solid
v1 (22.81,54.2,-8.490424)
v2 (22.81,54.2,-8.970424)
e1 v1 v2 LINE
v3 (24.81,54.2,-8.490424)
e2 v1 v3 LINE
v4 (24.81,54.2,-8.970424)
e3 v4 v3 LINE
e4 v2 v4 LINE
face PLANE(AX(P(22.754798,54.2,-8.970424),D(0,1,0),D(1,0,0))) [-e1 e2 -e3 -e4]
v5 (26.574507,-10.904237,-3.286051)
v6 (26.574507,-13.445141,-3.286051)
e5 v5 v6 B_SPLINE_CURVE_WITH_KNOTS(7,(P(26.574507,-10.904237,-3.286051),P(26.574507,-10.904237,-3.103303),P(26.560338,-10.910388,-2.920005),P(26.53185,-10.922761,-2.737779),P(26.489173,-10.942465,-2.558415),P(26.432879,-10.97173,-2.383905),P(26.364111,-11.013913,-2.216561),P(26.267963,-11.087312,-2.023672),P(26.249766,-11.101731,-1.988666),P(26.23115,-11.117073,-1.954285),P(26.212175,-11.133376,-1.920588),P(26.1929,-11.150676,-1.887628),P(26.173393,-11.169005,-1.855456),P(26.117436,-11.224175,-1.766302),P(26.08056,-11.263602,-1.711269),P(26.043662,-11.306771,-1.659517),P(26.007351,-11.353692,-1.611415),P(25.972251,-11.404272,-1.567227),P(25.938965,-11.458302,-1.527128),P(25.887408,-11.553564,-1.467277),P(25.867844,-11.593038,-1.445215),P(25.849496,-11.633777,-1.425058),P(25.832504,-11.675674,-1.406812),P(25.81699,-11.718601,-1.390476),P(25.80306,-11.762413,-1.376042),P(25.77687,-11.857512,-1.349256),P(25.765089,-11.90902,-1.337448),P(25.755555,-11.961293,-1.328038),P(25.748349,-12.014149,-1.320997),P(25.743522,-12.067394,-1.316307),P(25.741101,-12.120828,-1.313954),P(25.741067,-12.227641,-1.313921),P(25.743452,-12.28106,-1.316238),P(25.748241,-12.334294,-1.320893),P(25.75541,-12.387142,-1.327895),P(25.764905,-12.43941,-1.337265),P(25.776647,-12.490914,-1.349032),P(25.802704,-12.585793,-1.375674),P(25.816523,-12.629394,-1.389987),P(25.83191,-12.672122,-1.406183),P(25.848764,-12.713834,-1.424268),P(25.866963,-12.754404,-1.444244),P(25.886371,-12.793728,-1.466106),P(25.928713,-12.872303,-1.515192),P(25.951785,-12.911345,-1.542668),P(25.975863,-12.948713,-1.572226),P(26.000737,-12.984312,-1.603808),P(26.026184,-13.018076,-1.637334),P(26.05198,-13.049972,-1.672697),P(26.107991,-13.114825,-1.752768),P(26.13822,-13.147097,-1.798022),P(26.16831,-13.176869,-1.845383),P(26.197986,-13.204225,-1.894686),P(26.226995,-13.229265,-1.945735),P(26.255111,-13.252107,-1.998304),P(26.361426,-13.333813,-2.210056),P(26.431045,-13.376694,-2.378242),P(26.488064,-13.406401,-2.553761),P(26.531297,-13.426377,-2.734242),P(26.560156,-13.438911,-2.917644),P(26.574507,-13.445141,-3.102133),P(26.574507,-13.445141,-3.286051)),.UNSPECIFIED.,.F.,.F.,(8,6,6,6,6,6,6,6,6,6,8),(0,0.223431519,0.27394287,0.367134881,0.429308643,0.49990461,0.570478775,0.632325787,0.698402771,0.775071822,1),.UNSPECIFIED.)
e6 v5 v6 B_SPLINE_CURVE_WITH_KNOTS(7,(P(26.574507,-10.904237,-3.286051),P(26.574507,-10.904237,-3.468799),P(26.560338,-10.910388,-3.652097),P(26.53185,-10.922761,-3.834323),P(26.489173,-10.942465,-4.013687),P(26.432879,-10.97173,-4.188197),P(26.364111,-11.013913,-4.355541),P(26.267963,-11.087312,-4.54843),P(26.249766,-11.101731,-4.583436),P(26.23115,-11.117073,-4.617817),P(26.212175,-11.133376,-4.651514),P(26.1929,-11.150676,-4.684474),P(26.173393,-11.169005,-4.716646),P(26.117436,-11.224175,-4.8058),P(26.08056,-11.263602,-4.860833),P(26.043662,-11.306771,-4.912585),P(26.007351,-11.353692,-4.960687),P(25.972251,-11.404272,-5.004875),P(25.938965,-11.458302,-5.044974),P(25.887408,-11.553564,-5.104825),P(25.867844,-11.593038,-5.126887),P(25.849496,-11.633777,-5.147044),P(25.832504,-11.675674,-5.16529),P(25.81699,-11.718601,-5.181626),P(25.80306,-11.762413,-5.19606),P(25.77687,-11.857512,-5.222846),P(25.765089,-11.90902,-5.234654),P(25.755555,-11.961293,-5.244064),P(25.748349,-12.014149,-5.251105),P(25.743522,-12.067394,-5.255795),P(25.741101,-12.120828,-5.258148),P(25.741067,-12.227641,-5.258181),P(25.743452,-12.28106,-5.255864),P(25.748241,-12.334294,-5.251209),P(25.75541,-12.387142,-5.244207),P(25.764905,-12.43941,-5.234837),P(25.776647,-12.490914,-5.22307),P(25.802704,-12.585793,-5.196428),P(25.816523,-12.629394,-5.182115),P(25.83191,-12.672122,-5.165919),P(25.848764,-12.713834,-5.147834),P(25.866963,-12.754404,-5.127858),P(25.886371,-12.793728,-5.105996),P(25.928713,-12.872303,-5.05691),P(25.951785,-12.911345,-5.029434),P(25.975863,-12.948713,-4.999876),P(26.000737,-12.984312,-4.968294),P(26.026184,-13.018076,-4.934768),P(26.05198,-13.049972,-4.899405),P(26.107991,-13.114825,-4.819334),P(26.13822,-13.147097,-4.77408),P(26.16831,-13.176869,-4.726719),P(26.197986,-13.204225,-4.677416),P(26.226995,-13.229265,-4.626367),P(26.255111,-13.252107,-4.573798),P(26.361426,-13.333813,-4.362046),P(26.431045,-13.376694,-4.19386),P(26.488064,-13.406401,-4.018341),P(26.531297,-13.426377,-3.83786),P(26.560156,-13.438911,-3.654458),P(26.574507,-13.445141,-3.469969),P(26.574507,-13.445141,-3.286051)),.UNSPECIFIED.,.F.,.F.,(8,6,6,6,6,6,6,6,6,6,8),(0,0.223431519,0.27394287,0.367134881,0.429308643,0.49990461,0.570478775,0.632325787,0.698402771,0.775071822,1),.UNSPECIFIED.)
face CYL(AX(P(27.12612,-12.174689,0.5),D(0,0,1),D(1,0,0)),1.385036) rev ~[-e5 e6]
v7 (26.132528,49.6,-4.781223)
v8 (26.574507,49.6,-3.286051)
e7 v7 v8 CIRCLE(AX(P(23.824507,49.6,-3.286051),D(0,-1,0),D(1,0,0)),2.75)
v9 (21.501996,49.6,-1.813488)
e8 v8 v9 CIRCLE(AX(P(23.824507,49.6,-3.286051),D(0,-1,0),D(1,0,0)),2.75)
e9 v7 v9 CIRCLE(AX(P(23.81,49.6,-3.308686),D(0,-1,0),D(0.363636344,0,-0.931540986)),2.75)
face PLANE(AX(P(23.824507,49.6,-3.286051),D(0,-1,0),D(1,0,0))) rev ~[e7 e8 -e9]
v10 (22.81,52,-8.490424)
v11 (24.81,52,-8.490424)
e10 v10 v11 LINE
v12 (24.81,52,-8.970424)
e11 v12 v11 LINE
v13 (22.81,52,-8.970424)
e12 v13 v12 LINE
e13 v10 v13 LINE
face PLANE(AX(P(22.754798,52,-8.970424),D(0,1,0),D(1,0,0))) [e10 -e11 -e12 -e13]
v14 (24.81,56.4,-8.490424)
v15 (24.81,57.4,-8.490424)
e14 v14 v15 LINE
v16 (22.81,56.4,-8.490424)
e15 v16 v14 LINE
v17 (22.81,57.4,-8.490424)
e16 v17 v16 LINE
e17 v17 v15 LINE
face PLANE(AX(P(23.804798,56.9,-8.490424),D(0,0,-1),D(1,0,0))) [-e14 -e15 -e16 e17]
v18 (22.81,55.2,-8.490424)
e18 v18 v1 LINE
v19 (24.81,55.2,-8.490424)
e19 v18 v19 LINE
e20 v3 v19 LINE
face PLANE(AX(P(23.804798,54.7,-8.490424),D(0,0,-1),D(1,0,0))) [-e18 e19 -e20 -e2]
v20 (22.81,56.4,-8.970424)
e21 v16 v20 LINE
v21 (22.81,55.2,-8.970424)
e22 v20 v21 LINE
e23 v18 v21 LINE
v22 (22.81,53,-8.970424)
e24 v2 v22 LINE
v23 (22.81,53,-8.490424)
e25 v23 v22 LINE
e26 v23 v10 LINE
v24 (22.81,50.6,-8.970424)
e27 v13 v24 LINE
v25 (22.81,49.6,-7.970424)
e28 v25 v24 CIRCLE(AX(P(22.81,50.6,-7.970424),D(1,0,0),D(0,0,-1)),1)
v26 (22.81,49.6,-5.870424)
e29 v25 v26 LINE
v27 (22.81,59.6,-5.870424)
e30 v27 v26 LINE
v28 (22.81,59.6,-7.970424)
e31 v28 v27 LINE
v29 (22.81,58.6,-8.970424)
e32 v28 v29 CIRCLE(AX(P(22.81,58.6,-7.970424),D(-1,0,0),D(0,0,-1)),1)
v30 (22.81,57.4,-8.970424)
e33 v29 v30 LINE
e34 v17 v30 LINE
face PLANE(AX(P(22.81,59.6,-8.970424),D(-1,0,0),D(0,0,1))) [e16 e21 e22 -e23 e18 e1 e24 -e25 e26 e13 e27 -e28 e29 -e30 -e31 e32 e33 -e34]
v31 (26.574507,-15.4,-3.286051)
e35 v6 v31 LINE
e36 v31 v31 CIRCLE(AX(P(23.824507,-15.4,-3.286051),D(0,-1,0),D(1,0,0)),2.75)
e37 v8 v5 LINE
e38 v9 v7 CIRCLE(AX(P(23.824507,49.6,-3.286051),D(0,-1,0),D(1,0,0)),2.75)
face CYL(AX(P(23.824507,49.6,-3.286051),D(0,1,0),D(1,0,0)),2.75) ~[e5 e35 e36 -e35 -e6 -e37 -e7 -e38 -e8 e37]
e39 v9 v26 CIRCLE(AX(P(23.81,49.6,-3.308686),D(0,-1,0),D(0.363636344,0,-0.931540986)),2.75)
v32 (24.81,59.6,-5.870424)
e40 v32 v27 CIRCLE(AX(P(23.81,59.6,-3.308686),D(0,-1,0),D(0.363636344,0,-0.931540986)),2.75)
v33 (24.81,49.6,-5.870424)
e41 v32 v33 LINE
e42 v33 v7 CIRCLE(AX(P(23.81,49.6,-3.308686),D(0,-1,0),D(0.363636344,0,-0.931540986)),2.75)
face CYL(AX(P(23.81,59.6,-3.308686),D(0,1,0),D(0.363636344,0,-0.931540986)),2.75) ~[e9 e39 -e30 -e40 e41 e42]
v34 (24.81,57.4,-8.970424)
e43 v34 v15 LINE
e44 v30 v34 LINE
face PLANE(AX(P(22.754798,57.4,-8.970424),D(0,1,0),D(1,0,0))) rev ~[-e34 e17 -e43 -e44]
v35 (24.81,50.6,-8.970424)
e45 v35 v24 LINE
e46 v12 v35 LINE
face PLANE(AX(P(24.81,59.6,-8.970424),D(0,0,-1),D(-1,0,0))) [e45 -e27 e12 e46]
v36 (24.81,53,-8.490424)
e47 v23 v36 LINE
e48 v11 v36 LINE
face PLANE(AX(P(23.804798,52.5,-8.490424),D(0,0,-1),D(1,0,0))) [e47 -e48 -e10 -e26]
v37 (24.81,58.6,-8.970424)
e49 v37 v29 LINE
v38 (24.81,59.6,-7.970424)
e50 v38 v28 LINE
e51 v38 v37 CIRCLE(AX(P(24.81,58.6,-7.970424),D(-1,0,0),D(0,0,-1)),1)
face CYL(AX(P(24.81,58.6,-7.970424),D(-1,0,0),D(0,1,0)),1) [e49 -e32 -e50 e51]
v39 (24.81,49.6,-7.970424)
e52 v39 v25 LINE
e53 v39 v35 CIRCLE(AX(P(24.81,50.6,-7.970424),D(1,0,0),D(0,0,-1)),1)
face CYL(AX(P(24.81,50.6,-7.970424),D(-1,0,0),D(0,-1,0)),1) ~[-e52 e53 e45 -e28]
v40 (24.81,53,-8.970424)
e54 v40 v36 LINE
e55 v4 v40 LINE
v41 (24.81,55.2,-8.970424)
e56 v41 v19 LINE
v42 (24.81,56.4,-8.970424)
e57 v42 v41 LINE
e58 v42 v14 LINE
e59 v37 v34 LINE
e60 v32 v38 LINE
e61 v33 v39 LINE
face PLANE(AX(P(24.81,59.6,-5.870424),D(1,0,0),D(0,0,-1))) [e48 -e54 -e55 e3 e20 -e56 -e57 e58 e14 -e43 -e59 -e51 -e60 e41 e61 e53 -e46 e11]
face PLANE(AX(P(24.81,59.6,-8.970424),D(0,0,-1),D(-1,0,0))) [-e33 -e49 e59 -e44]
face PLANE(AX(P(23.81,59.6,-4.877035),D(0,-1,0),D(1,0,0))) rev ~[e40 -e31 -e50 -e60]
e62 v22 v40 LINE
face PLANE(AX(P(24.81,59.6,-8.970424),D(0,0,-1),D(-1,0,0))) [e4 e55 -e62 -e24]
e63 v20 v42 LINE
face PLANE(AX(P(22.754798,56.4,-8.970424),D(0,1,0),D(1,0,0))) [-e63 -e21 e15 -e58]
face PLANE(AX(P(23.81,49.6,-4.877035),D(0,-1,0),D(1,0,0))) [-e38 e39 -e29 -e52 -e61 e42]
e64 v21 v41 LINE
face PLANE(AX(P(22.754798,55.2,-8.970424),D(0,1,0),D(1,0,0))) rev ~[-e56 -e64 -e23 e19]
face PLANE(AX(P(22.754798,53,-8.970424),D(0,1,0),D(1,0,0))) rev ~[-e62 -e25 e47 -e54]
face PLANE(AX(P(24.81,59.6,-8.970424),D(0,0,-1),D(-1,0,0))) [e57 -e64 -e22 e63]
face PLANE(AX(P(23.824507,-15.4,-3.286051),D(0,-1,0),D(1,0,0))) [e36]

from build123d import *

# Parameters (mm, degrees)
PAD003_DEPTH    = 10
SKETCH021_R     = 2.75
PAD009_DEPTH    = 65
SKETCH022_R     = 1.385036
POCKET011_DEPTH = 9
SKETCH043_W     = 2.1
SKETCH043_H     = 1
POCKET021_DEPTH = 0.48
FILLET007_R     = 1


with BuildPart() as part:
    # Sketch007 → Pad003 (new body)
    with BuildSketch(Plane(origin=(-20, 60, -6), x_dir=(1, 0, 0), z_dir=(0, -1, 0))):
        with BuildLine():
            ThreePointArc((44.81, 1.629576), (43.81, 6.941314), (42.81, 1.629576))
            Line((42.81, -1.470424), (42.81, 1.629576))
            Line((44.81, -1.470424), (42.81, -1.470424))
            Line((44.81, 1.629576), (44.81, -1.470424))
        make_face()
    extrude(amount=PAD003_DEPTH)

    # Sketch021 (on Face6 of Pad003) → Pad009 (join)
    with BuildSketch(Plane.XZ.offset(-50)):
        with Locations((23.824507, -1.786051)):
            Circle(SKETCH021_R)
    extrude(amount=PAD009_DEPTH)

    # Sketch022 → Pocket011 (cut)
    with BuildSketch(Plane.XY.offset(2)):
        with Locations((27.12612, -11.774689)):
            Circle(SKETCH022_R)
    extrude(amount=-POCKET011_DEPTH, mode=Mode.SUBTRACT)

    # Sketch043 (on Face7 of Pocket011) → Pocket021 (cut)
    with BuildSketch(Plane(origin=(0, 0, -7.470424), x_dir=(1, 0, 0), z_dir=(0, 0, -1))):
        with Locations((23.804798, -57.3)):
            Rectangle(SKETCH043_W, SKETCH043_H)
        with Locations((23.804798, -52.9)):
            Rectangle(SKETCH043_W, SKETCH043_H)
        with Locations((23.804798, -55.1)):
            Rectangle(SKETCH043_W, SKETCH043_H)
    extrude(amount=-POCKET021_DEPTH, mode=Mode.SUBTRACT)

    # Fillet007
    fillet007_edges = [part.edges().sort_by_distance(p)[0] for p in [
        (23.81, 50, -7.470424),
        (23.81, 60, -7.470424),
    ]]
    fillet(fillet007_edges, radius=FILLET007_R)


with BuildPart() as part_1:
    # Body002 placement: moved
    add(part.part.moved(Location((0, -0.4, -1.5))))


solid = part_1.part
